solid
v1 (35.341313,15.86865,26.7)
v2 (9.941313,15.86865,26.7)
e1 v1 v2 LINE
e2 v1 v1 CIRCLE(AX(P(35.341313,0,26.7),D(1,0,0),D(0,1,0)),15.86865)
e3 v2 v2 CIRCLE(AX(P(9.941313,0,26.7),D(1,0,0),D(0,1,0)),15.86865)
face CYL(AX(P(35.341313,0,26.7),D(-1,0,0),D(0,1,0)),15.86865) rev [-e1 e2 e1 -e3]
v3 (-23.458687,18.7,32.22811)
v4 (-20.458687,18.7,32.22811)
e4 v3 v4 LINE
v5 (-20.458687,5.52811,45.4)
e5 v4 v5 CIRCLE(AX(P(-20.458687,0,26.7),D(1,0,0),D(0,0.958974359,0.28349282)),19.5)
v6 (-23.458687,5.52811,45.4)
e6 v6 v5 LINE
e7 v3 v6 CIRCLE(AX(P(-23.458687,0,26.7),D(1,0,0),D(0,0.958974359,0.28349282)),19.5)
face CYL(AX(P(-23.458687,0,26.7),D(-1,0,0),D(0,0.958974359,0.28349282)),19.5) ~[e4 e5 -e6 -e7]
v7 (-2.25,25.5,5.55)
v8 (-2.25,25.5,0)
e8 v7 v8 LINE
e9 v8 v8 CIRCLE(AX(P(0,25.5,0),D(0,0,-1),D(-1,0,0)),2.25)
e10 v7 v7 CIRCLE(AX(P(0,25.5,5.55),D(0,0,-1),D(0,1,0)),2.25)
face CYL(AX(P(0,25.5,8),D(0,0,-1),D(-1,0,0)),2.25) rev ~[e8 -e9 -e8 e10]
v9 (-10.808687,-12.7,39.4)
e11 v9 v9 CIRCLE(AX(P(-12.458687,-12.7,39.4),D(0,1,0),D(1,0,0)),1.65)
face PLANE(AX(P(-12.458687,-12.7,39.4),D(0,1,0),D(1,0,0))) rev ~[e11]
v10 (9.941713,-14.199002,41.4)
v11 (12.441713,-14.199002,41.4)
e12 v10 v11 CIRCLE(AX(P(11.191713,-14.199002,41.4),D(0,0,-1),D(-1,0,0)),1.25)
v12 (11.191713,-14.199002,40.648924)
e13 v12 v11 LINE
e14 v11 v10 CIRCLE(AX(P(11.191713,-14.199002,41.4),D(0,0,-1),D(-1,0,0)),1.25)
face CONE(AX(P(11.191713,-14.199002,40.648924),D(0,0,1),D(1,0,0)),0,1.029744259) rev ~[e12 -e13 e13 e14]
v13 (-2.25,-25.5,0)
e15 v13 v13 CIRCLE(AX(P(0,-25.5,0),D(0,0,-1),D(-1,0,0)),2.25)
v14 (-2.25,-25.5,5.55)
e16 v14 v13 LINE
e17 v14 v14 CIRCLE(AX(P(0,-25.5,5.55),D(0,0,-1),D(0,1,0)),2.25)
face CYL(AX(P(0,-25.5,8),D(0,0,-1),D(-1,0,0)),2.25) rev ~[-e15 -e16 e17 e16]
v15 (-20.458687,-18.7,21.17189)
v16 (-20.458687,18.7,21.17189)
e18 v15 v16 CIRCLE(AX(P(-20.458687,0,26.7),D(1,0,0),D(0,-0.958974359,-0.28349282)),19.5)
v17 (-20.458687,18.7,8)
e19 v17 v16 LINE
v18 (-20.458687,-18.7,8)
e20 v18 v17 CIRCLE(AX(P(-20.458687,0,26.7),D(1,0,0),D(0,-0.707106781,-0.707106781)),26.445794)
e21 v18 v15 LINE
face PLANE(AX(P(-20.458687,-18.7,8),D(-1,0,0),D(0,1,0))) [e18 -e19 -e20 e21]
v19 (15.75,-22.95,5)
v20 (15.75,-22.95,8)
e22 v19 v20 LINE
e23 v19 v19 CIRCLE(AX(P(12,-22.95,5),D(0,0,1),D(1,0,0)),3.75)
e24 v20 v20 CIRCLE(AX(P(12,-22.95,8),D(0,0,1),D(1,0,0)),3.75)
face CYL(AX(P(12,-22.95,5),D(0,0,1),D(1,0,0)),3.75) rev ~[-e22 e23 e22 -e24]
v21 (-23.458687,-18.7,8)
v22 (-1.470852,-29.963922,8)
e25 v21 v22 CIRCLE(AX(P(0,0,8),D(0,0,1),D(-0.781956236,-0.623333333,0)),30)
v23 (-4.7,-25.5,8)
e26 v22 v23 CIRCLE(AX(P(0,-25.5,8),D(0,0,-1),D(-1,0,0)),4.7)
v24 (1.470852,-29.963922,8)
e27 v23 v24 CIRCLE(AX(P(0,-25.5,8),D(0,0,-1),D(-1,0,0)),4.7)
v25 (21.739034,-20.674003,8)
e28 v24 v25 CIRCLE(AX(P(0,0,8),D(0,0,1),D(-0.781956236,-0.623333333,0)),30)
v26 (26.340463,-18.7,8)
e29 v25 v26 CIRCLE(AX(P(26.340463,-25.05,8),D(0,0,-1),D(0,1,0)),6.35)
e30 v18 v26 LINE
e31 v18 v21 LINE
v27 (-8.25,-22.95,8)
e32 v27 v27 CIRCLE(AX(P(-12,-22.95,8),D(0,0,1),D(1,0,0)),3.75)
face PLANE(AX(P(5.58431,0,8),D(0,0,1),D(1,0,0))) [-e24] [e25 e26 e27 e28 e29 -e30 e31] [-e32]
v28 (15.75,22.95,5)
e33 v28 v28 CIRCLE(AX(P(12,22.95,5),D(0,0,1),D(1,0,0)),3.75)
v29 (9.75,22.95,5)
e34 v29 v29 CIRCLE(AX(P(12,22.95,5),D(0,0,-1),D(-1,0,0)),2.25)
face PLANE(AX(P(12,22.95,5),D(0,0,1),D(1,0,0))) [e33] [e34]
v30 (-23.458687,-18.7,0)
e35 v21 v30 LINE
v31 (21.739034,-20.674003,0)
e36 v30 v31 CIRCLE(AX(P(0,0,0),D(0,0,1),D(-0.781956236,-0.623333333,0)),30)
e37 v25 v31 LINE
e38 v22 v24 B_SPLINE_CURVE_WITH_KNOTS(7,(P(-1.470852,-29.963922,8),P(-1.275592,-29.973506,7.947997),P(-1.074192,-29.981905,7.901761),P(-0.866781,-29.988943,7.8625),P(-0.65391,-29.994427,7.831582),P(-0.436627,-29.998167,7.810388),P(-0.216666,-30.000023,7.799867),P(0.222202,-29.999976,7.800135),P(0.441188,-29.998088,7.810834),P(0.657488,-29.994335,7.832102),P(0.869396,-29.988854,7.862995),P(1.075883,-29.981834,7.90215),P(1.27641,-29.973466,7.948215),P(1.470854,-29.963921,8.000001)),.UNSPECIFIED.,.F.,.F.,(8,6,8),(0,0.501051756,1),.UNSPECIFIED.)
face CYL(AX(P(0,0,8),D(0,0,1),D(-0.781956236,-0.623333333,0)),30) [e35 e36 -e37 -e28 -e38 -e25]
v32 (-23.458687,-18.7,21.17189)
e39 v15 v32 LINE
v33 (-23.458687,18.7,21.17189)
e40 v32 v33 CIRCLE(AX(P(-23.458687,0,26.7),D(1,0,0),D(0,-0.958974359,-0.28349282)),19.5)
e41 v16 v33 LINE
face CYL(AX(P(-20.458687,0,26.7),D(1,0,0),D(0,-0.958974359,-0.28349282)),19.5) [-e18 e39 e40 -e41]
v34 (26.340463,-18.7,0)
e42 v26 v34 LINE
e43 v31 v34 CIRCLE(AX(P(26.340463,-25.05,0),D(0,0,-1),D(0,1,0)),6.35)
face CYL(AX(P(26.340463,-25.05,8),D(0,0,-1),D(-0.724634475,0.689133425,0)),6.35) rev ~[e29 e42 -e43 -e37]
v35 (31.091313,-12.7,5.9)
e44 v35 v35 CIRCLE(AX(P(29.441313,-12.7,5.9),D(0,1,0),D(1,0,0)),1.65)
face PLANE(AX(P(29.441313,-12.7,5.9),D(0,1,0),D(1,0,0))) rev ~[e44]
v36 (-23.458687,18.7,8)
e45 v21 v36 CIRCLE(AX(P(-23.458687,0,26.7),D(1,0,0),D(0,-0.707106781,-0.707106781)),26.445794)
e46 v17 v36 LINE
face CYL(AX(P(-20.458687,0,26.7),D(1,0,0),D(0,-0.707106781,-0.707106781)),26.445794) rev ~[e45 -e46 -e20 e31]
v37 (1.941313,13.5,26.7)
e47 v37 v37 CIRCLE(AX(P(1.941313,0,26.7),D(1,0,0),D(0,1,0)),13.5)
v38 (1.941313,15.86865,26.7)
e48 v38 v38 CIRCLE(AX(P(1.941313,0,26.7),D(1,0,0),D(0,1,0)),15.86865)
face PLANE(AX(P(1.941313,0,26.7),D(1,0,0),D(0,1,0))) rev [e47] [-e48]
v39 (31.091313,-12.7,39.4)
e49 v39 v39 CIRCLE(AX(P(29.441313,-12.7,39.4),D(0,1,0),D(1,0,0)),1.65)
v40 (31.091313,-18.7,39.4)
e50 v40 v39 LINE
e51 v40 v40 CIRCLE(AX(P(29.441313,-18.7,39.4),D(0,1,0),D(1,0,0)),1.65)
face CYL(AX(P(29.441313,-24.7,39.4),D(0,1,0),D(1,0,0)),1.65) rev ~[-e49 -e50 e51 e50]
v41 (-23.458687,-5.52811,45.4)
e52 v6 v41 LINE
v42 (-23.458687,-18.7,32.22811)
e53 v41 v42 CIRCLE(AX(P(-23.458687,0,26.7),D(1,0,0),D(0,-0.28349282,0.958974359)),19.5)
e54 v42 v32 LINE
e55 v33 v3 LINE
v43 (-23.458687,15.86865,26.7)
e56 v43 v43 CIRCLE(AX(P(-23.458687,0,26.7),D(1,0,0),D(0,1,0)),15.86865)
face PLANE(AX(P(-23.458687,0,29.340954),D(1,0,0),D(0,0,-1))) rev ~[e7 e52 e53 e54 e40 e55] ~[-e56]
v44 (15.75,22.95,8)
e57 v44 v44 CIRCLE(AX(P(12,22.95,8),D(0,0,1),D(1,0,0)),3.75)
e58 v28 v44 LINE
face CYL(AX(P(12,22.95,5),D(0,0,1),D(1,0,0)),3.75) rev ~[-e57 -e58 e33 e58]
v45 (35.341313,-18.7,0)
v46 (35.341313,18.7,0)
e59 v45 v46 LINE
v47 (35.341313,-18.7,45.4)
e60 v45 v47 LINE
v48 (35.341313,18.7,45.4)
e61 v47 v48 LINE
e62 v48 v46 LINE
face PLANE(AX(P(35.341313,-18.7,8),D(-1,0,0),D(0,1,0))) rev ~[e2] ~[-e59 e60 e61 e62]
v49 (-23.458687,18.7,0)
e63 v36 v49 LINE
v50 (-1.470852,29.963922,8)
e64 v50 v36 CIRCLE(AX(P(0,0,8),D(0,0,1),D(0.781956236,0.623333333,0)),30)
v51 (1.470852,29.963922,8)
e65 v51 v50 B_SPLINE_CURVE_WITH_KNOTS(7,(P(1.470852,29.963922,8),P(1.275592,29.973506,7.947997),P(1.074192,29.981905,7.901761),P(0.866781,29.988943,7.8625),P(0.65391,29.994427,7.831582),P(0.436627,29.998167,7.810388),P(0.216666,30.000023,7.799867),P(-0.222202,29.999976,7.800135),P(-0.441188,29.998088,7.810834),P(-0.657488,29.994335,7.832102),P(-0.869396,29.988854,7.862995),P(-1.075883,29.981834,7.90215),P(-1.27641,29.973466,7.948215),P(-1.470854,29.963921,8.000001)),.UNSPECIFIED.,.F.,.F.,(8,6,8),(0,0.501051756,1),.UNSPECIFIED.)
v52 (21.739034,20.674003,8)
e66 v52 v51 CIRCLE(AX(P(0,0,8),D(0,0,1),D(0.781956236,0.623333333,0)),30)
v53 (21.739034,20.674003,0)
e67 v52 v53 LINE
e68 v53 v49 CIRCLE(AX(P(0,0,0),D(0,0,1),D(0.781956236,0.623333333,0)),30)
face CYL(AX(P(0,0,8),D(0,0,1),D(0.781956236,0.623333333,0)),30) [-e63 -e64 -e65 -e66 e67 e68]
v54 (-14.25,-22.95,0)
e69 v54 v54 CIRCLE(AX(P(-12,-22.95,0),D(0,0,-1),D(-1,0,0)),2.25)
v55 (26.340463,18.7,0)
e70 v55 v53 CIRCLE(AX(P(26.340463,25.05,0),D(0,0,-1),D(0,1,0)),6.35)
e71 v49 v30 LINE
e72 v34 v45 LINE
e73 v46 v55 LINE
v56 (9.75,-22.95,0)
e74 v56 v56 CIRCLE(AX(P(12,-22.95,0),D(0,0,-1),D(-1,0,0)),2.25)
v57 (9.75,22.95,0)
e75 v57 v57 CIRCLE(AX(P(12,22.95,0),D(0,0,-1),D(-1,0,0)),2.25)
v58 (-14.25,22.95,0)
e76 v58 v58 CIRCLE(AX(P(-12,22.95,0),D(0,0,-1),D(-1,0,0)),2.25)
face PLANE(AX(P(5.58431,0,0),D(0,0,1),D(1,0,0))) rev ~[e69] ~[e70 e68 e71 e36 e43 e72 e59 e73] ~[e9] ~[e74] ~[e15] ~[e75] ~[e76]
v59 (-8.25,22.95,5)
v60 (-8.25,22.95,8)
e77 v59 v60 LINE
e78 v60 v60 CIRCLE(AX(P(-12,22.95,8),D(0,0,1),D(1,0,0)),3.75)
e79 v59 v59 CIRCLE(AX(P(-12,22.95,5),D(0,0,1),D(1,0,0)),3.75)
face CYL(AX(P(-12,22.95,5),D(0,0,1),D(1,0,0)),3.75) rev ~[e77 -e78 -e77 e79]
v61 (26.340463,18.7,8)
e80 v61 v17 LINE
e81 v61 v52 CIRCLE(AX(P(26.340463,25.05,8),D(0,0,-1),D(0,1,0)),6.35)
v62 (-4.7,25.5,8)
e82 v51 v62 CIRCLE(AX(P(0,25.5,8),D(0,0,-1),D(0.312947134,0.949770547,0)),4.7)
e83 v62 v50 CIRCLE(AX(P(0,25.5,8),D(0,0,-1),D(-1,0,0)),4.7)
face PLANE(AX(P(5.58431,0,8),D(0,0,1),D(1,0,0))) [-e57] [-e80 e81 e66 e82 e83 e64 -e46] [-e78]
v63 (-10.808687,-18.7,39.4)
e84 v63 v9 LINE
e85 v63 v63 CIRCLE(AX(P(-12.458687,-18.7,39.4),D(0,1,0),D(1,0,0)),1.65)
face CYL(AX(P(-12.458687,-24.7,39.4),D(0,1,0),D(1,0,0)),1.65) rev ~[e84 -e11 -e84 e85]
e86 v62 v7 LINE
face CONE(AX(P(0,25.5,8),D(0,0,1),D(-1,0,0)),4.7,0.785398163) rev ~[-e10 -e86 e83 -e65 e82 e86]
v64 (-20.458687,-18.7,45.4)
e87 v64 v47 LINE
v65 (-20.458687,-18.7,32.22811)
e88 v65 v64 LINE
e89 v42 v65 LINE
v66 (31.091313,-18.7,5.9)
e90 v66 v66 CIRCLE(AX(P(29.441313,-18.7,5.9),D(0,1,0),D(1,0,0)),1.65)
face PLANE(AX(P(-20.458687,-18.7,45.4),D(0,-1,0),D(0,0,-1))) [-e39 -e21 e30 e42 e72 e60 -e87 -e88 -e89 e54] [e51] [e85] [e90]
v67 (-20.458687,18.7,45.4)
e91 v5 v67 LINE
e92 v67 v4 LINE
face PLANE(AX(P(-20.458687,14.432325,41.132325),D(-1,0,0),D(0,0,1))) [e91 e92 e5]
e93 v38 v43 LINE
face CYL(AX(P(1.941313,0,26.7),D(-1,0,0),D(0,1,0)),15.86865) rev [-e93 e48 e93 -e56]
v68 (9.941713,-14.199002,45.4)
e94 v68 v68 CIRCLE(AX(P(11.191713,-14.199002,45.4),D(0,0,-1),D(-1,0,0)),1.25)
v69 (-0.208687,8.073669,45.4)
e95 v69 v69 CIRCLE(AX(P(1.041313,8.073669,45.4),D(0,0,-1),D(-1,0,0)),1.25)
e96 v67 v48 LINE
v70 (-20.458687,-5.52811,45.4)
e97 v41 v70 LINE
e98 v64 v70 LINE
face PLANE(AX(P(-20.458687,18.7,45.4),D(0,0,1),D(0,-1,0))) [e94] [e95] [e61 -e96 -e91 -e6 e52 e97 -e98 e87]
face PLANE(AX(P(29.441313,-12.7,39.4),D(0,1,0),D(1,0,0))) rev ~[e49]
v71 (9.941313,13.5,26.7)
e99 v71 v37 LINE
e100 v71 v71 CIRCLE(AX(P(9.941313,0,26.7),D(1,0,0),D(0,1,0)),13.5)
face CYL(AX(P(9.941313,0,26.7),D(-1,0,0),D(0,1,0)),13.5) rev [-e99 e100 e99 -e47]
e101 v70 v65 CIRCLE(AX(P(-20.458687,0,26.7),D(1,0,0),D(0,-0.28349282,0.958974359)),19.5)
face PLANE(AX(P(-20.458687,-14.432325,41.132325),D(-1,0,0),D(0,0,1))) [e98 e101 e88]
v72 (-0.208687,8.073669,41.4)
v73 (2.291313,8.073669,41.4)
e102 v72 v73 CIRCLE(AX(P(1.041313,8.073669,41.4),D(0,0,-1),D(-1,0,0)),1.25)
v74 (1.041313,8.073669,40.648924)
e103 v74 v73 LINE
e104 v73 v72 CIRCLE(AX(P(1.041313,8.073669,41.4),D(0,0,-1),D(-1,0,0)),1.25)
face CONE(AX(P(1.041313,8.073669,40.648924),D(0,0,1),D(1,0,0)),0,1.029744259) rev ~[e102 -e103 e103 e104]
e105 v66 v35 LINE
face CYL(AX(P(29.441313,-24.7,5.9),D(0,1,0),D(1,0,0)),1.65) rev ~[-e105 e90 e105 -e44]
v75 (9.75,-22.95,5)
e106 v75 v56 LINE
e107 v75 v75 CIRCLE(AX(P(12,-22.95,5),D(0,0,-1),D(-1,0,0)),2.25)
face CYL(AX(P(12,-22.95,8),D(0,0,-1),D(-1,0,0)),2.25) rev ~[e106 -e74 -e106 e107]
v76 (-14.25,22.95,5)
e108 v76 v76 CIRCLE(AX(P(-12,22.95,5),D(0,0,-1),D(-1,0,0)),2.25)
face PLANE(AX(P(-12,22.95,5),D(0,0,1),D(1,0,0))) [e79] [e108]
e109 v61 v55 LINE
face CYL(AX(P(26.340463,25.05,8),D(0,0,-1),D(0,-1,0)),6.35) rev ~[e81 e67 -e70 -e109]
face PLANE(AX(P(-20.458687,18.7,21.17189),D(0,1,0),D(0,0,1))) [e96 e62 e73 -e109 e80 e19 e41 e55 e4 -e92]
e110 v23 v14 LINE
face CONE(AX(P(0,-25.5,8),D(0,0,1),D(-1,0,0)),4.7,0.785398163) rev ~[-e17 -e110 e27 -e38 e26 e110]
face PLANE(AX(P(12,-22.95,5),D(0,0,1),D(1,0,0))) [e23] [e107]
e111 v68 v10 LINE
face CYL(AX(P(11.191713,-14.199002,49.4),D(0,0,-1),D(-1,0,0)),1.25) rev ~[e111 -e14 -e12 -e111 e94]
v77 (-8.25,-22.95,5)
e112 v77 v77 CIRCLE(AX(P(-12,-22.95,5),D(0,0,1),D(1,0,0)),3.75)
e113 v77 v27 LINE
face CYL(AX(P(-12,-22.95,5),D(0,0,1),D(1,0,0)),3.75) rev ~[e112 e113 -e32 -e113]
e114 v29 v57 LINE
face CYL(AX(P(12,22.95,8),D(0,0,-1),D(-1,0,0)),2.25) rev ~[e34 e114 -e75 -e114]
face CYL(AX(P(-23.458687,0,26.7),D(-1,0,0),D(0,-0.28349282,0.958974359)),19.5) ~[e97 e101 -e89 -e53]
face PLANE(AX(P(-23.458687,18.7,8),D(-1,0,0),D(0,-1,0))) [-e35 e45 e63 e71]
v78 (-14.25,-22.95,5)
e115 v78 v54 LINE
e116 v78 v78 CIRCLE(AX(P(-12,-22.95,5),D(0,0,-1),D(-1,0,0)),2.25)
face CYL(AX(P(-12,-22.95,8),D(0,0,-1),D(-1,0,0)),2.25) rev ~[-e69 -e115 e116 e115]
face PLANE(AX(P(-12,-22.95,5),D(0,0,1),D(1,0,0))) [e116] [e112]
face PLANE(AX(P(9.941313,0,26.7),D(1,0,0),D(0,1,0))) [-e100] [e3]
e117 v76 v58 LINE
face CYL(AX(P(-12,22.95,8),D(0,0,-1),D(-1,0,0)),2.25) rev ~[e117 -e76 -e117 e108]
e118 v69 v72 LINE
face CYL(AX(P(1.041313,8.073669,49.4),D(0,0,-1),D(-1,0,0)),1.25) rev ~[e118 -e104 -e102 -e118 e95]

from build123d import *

# Parameters (mm, degrees)
BOSS_EXTRUDE1_DEPTH                                 = 8
CUT_EXTRUDE1_REACH                                  = 5
SKETCH4_W                                           = 55.8
SKETCH4_H                                           = 37.4
BOSS_EXTRUDE2_DEPTH                                 = 37.4
BOSS_EXTRUDE3_DEPTH                                 = 3
CUT_EXTRUDE2_DEPTH                                  = 3
CUT_EXTRUDE3_DEPTH                                  = 3
CSK_FOR_8_FLAT_HEAD_MACHINE_SCREW_100_D             = 4.5
CSK_FOR_8_FLAT_HEAD_MACHINE_SCREW_100_DEPTH         = 8
CSK_FOR_8_FLAT_HEAD_MACHINE_SCREW_100_CSINK_D       = 9.4
CSK_FOR_8_FLAT_HEAD_MACHINE_SCREW_100_CSINK_ANGLE   = 90
F_4_CLEARANCE_HOLE1_D                               = 3.3
F_4_CLEARANCE_HOLE1_DEPTH                           = 6
CBORE_FOR_8_BINDING_HEAD_MACHINE_SCREW1_D           = 4.5
CBORE_FOR_8_BINDING_HEAD_MACHINE_SCREW1_DEPTH       = 8
CBORE_FOR_8_BINDING_HEAD_MACHINE_SCREW1_CBORE_D     = 7.5
CBORE_FOR_8_BINDING_HEAD_MACHINE_SCREW1_CBORE_DEPTH = 3
FILLET1_R                                           = 6.35
M3X0_5_TAPPED_HOLE1_D                               = 2.5
M3X0_5_TAPPED_HOLE1_DEPTH                           = 4
M3X0_5_TAPPED_HOLE1_TIP                             = 0.751075774
FILLET2_R                                           = 6.35


with BuildPart() as part:
    # Sketch1 → Boss-Extrude1 (new body)
    with BuildSketch(Plane.XY.offset(8)):
        with BuildLine():
            Line((-23.45868709, 18.7), (-23.45868709, -18.7))
            ThreePointArc((-23.45868709, -18.7), (0, -30), (23.45868709, -18.7))
            Line((23.45868709, -18.7), (35.34131291, -18.7))
            Line((35.34131291, -18.7), (35.34131291, 18.7))
            Line((35.34131291, 18.7), (23.45868709, 18.7))
            ThreePointArc((23.45868709, 18.7), (0, 30), (-23.45868709, 18.7))
        make_face()
    extrude(amount=-BOSS_EXTRUDE1_DEPTH)

    # Sketch3 → Cut-Extrude1 (cut, up to next)
    with BuildSketch(Plane(origin=(-20.45868709, 0, 0), x_dir=(0, 0, -1), z_dir=(1, 0, 0)), mode=Mode.PRIVATE) as cut_extrude1_sk1:
        with BuildLine():
            Line((-8, 18.7), (-8, -18.7))
            ThreePointArc((-8, -18.7), (-0.254206384, 0), (-8, 18.7))
        make_face()
    cut_extrude1_tool1 = extrude(cut_extrude1_sk1.sketch, amount=-CUT_EXTRUDE1_REACH, mode=Mode.PRIVATE) & part.part
    add(cut_extrude1_tool1.solids().sort_by_distance((-20.458687, 0, 4.859168))[0], mode=Mode.SUBTRACT)

    # Sketch4 → Boss-Extrude2 (add)
    with BuildSketch(Plane.XY.offset(8)):
        with Locations((7.44131291, 0)):
            Rectangle(SKETCH4_W, SKETCH4_H)
    extrude(amount=BOSS_EXTRUDE2_DEPTH)

    # Sketch5 → Boss-Extrude3 (add)
    with BuildSketch(Plane.ZY.offset(20.45868709)):
        with BuildLine():
            Line((21.171890016, 18.7), (45.4, 18.7))
            Line((45.4, 18.7), (45.4, -18.7))
            Line((45.4, -18.7), (21.171890016, -18.7))
            ThreePointArc((21.171890016, -18.7), (7.2, 0), (21.171890016, 18.7))
        make_face()
    extrude(amount=BOSS_EXTRUDE3_DEPTH)

    # Sketch6 → Cut-Extrude2 (cut)
    with BuildSketch(Plane.ZY.offset(23.45868709)):
        with BuildLine():
            Line((45.4, -18.7), (45.4, -5.528109984))
            ThreePointArc((45.4, -5.528109984), (40.488582233, -13.788582233), (32.228109984, -18.7))
            Line((32.228109984, -18.7), (45.4, -18.7))
        make_face()
    extrude(amount=-CUT_EXTRUDE2_DEPTH, mode=Mode.SUBTRACT)

    # Sketch7 → Cut-Extrude3 (cut)
    with BuildSketch(Plane.ZY.offset(23.45868709)):
        with BuildLine():
            Line((45.4, 18.7), (32.228109984, 18.7))
            ThreePointArc((32.228109984, 18.7), (40.488582233, 13.788582233), (45.4, 5.528109984))
            Line((45.4, 5.528109984), (45.4, 18.7))
        make_face()
    extrude(amount=-CUT_EXTRUDE3_DEPTH, mode=Mode.SUBTRACT)

    # Sketch8 → Cut-Revolve1 (revolve, cut)
    with BuildSketch(Plane.XY.offset(26.7)):
        Polygon((-23.45868709, 15.86865), (-23.45868709, 0), (35.34131291, 0), (35.34131291, 15.86865), (9.94131291, 15.86865), (9.94131291, 13.5), (1.94131291, 13.5), (1.94131291, 15.86865), align=None)
    revolve(axis=Axis((-23.45868709, 0, 26.7), (1, 0, 0)), mode=Mode.SUBTRACT)

    # CSK for #8 Flat Head Machine Screw (100)1
    with Locations(Plane.XY.offset(8)):
        with Locations((0, 25.5), (0, -25.5)):
            CounterSinkHole(CSK_FOR_8_FLAT_HEAD_MACHINE_SCREW_100_D / 2, CSK_FOR_8_FLAT_HEAD_MACHINE_SCREW_100_CSINK_D / 2, depth=CSK_FOR_8_FLAT_HEAD_MACHINE_SCREW_100_DEPTH, counter_sink_angle=CSK_FOR_8_FLAT_HEAD_MACHINE_SCREW_100_CSINK_ANGLE)

    # #4 Clearance Hole1
    with Locations(Plane(origin=(0, -18.7, 0), x_dir=(-1, 0, 0), z_dir=(0, -1, 0))):
        with Locations((12.45868709, -39.4), (-29.44131291, -39.4), (-29.44131291, -5.9)):
            Hole(F_4_CLEARANCE_HOLE1_D / 2, depth=F_4_CLEARANCE_HOLE1_DEPTH)

    # CBORE for #8 Binding Head Machine Screw1
    with Locations(Plane.XY.offset(8)):
        with Locations((12, 22.95), (-12, 22.95), (-12, -22.95), (12, -22.95)):
            CounterBoreHole(CBORE_FOR_8_BINDING_HEAD_MACHINE_SCREW1_D / 2, CBORE_FOR_8_BINDING_HEAD_MACHINE_SCREW1_CBORE_D / 2, CBORE_FOR_8_BINDING_HEAD_MACHINE_SCREW1_CBORE_DEPTH, depth=CBORE_FOR_8_BINDING_HEAD_MACHINE_SCREW1_DEPTH)

    # Fillet1
    fillet1_edges = [part.edges().sort_by_distance(p)[0] for p in [
        (23.45868709, 18.7, 4),
    ]]
    fillet(fillet1_edges, radius=FILLET1_R)

    # M3x0.5 Tapped Hole1
    with Locations(Plane(origin=(1.04131291, 8.07366885, 45.4), x_dir=(1, 0, 0), z_dir=(0, 0, 1))):
        with Locations((0, 0), (10.150400418, -22.272670952)):
            Hole(M3X0_5_TAPPED_HOLE1_D / 2, depth=M3X0_5_TAPPED_HOLE1_DEPTH)
            with Locations((0, 0, -(M3X0_5_TAPPED_HOLE1_DEPTH + M3X0_5_TAPPED_HOLE1_TIP / 2))):  # 118° drill point
                Cone(0, M3X0_5_TAPPED_HOLE1_D / 2, M3X0_5_TAPPED_HOLE1_TIP, mode=Mode.SUBTRACT)

    # Fillet2
    fillet2_edges = [part.edges().sort_by_distance(p)[0] for p in [
        (23.45868709, -18.7, 4),
    ]]
    fillet(fillet2_edges, radius=FILLET2_R)


solid = part.part
